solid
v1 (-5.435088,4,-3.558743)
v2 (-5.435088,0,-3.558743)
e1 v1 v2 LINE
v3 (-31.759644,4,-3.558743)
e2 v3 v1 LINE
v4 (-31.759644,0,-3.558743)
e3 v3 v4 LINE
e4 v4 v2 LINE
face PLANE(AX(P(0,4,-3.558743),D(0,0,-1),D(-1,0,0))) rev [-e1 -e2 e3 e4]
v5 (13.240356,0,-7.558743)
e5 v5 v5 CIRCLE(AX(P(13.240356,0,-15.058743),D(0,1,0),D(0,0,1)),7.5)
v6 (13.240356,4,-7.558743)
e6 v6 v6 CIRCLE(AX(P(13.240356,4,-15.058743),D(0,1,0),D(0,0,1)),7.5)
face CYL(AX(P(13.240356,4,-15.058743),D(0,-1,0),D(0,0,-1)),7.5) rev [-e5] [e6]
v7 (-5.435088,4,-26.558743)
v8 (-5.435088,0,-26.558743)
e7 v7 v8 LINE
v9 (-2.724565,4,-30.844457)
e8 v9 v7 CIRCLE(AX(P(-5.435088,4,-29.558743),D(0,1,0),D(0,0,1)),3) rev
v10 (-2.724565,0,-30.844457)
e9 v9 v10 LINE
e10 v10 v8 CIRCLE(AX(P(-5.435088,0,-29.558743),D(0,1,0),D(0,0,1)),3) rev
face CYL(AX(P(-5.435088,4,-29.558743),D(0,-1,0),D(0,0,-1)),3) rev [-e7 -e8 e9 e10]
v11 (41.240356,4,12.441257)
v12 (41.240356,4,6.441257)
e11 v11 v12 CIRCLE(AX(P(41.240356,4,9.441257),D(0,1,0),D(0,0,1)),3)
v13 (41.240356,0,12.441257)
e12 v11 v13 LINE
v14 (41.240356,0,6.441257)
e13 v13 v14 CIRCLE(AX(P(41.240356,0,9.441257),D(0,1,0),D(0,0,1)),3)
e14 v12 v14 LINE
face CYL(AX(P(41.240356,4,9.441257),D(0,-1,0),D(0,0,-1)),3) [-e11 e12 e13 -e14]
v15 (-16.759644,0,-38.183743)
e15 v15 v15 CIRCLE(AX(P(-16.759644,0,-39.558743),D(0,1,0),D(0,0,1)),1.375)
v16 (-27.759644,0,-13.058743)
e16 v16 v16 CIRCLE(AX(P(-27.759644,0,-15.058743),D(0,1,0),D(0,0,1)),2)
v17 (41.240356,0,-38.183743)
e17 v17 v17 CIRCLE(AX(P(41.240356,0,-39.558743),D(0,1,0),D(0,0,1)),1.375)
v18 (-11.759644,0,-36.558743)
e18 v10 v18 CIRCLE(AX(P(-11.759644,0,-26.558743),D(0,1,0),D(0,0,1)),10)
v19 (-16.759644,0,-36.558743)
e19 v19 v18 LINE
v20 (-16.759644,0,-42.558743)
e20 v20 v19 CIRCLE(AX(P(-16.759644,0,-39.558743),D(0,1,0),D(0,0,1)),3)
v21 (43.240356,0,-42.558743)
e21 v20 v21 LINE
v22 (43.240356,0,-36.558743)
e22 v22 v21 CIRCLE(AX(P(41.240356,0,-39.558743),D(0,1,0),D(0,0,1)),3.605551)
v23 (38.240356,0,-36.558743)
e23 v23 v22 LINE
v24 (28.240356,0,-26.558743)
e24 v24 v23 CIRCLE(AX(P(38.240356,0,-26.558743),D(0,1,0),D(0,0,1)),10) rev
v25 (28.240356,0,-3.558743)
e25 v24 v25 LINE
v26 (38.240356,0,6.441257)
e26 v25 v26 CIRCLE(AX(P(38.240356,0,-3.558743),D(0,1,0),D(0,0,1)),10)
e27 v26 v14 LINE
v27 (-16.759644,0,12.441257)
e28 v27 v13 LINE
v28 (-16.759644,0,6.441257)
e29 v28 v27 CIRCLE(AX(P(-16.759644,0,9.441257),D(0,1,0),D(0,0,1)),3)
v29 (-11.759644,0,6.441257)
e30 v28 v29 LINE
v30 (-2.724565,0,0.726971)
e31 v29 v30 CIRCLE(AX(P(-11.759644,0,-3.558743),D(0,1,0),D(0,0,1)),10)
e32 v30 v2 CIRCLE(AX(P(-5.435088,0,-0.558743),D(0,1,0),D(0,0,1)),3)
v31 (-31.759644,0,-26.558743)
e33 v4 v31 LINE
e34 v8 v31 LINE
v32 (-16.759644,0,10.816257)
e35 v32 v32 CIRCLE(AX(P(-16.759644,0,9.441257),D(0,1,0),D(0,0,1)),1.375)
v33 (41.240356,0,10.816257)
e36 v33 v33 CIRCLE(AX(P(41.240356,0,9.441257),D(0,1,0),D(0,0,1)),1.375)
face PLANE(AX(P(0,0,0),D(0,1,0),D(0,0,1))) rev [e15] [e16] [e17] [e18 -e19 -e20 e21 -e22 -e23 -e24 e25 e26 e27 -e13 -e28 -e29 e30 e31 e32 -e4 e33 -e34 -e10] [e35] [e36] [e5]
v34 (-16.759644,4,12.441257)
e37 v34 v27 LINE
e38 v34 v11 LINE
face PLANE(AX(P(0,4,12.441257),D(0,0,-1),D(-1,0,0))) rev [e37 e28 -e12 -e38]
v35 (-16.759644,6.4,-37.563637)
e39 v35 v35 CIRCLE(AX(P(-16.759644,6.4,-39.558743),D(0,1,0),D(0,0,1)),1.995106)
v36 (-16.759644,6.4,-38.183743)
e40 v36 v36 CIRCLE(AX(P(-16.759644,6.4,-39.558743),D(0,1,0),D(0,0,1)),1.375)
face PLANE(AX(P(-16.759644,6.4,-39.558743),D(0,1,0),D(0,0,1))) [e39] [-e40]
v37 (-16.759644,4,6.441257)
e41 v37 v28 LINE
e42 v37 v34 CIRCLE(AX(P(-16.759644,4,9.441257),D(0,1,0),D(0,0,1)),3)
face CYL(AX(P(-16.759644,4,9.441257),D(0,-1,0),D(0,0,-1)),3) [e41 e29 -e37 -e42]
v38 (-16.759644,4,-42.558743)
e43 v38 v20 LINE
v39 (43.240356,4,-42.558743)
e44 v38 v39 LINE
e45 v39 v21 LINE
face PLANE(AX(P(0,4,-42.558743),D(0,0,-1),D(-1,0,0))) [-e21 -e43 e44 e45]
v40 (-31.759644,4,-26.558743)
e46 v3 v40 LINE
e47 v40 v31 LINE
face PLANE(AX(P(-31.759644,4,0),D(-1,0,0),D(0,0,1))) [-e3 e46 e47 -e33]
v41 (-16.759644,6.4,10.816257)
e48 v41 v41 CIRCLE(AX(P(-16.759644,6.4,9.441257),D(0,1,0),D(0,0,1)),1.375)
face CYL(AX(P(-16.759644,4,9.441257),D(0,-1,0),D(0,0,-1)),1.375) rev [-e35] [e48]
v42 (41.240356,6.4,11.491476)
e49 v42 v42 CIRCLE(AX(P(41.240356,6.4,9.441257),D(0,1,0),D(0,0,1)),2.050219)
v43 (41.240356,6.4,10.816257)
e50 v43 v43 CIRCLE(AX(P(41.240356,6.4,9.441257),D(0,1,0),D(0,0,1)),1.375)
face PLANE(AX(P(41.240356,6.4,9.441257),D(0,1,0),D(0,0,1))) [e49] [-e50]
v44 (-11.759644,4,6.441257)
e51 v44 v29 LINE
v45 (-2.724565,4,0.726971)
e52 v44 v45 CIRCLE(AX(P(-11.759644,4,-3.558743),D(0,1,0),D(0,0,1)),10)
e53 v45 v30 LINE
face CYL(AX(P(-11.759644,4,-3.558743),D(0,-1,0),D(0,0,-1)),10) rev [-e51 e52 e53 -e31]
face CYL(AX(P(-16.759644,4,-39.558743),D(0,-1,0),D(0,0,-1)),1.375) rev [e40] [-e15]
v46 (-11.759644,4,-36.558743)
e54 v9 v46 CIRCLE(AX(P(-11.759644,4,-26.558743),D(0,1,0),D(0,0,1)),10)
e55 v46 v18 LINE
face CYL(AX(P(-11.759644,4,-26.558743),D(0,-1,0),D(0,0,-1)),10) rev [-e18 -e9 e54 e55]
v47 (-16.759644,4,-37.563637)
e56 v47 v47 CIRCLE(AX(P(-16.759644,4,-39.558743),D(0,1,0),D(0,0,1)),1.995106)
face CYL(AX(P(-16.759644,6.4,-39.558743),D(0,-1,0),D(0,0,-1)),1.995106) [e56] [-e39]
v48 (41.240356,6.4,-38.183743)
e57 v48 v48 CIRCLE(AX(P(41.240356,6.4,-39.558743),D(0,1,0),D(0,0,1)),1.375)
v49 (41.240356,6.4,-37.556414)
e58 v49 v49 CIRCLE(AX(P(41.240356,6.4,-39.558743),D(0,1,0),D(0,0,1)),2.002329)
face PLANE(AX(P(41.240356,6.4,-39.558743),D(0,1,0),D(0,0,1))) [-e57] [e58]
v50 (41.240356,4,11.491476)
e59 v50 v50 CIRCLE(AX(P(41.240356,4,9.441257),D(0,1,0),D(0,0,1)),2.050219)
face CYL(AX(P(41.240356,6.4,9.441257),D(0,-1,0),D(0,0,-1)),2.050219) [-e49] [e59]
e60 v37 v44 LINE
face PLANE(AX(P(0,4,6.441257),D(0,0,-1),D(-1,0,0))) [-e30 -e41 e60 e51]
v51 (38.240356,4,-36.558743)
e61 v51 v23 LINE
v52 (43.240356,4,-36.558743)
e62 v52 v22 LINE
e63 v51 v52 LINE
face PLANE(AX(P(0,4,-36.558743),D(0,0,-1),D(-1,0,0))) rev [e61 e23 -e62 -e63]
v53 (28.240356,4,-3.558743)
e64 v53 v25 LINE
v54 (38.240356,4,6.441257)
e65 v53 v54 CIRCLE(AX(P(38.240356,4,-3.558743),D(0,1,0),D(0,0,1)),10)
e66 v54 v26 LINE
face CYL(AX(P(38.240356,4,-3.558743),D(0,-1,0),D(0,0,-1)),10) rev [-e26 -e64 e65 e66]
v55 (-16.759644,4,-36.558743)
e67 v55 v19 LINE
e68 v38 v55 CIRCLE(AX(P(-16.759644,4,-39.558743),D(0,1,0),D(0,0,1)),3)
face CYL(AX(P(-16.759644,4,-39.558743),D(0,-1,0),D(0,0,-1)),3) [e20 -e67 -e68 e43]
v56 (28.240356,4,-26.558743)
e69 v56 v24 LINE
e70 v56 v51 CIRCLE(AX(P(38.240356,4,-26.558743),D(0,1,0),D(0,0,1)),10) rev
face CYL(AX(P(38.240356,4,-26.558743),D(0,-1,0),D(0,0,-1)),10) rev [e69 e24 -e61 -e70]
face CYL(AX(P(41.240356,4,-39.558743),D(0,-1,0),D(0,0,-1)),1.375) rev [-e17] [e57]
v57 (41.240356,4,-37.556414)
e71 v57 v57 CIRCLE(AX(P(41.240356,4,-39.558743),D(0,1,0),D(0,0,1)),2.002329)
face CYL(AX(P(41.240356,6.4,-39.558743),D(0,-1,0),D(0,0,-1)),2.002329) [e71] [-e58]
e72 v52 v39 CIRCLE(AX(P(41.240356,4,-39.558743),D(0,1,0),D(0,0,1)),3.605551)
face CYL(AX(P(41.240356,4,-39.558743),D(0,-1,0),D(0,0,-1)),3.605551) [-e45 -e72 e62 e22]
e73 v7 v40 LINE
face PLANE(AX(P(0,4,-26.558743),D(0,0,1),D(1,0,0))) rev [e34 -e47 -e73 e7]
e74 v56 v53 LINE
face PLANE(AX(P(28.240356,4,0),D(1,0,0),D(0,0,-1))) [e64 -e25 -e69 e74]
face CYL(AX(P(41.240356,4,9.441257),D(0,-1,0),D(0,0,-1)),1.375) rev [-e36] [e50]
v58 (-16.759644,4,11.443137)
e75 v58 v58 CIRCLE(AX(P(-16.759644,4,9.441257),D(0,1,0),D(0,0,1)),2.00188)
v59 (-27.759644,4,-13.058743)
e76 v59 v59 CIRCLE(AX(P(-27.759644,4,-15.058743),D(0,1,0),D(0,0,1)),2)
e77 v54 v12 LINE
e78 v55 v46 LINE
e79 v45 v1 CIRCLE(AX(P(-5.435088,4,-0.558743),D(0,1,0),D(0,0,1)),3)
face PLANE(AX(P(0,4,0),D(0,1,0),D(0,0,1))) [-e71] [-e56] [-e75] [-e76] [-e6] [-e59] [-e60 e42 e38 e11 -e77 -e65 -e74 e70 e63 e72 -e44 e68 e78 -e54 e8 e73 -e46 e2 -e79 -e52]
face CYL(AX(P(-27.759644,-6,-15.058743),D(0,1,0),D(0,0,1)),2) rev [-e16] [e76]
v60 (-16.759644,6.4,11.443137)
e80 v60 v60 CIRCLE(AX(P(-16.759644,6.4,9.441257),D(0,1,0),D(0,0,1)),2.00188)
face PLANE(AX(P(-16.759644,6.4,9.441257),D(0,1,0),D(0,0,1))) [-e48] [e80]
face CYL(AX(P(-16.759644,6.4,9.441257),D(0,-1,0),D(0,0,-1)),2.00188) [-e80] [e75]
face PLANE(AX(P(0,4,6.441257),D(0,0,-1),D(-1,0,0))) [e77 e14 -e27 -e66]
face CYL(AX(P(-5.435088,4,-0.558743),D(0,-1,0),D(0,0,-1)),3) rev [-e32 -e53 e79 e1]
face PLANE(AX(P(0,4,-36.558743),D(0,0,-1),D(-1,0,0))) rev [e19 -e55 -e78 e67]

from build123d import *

# Parameters (mm, degrees)
SKETCH2_R           = 1.375
SKETCH2_R_2         = 7.5
BOSS_EXTRUDE1_DEPTH = 4
SKETCH3_R           = 2
CUT_EXTRUDE1_DEPTH  = 10
SKETCH7_R           = 1.995105634
SKETCH7_R_2         = 1.375
SKETCH7_R_3         = 2.001880143
SKETCH7_R_4         = 2.050219115
SKETCH7_R_5         = 2.002328612
BOSS_EXTRUDE2_DEPTH = 2.4


with BuildPart() as part:
    # Sketch2 → Boss-Extrude1 (new body)
    with BuildSketch(Plane(origin=(0, 0, 0), x_dir=(1, 0, 0), z_dir=(0, 1, 0))):
        with BuildLine():
            Line((43.240356283, 42.558742845), (-16.759643717, 42.558742845))
            ThreePointArc((-16.759643717, 42.558742845), (-19.759643717, 39.558742845), (-16.759643717, 36.558742845))
            Line((-16.759643717, 36.558742845), (-11.759643717, 36.558742845))
            ThreePointArc((-11.759643717, 36.558742845), (-6.414418879, 35.010285392), (-2.724564688, 30.84445713))
            ThreePointArc((-2.724564688, 30.84445713), (-2.899625633, 27.955175393), (-5.435088397, 26.558742845))
            Line((-5.435088397, 26.558742845), (-28.759643717, 26.558742845))
            Line((-28.759643717, 26.558742845), (-31.759643717, 26.558742845))
            Line((-31.759643717, 26.558742845), (-31.759643717, 23.558742845))
            Line((-31.759643717, 23.558742845), (-31.759643717, 6.558742845))
            Line((-31.759643717, 6.558742845), (-31.759643717, 3.558742845))
            Line((-31.759643717, 3.558742845), (-28.759643717, 3.558742845))
            Line((-28.759643717, 3.558742845), (-5.435088397, 3.558742845))
            ThreePointArc((-5.435088397, 3.558742845), (-2.899625633, 2.162310296), (-2.724564688, -0.726971441))
            ThreePointArc((-2.724564688, -0.726971441), (-6.414418879, -4.892799703), (-11.759643717, -6.441257155))
            Line((-11.759643717, -6.441257155), (-16.759643717, -6.441257155))
            ThreePointArc((-16.759643717, -6.441257155), (-19.759643717, -9.441257155), (-16.759643717, -12.441257155))
            Line((-16.759643717, -12.441257155), (41.240356283, -12.441257155))
            ThreePointArc((41.240356283, -12.441257155), (44.240356283, -9.441257155), (41.240356283, -6.441257155))
            Line((41.240356283, -6.441257155), (38.240356283, -6.441257155))
            ThreePointArc((38.240356283, -6.441257155), (31.169288471, -3.512324967), (28.240356283, 3.558742845))
            Line((28.240356283, 3.558742845), (28.240356283, 26.558742845))
            ThreePointArc((28.240356283, 26.558742845), (31.169288471, 33.629810657), (38.240356283, 36.558742845))
            Line((38.240356283, 36.558742845), (43.240356283, 36.558742845))
            ThreePointArc((43.240356283, 36.558742845), (44.845907558, 39.558742845), (43.240356283, 42.558742845))
        make_face()
        with Locations((-16.759643717, -9.441257155)):
            Circle(SKETCH2_R, mode=Mode.SUBTRACT)
        with Locations((41.240356283, -9.441257155)):
            Circle(SKETCH2_R, mode=Mode.SUBTRACT)
        with Locations((13.240356283, 15.058742845)):
            Circle(SKETCH2_R_2, mode=Mode.SUBTRACT)
        with Locations((-16.759643717, 39.558742845)):
            Circle(SKETCH2_R, mode=Mode.SUBTRACT)
        with Locations((41.240356283, 39.558742845)):
            Circle(SKETCH2_R, mode=Mode.SUBTRACT)
    extrude(amount=BOSS_EXTRUDE1_DEPTH)

    # Sketch3 → Cut-Extrude1 (cut)
    with BuildSketch(Plane(origin=(0, 4, 0), x_dir=(1, 0, 0), z_dir=(0, 1, 0))):
        with Locations((-27.759643717, 15.058742845)):
            Circle(SKETCH3_R)
    extrude(amount=-CUT_EXTRUDE1_DEPTH, mode=Mode.SUBTRACT)

    # Sketch7 → Boss-Extrude2 (add)
    with BuildSketch(Plane(origin=(0, 4, 0), x_dir=(1, 0, 0), z_dir=(0, 1, 0))):
        with Locations((-16.759643717, 39.558742845)):
            Circle(SKETCH7_R)
        with Locations((-16.759643717, 39.558742845)):
            Circle(SKETCH7_R_2, mode=Mode.SUBTRACT)
        with Locations((-16.759643717, -9.441257155)):
            Circle(SKETCH7_R_3)
        with Locations((-16.759643717, -9.441257155)):
            Circle(SKETCH7_R_2, mode=Mode.SUBTRACT)
        with Locations((41.240356283, -9.441257155)):
            Circle(SKETCH7_R_4)
        with Locations((41.240356283, -9.441257155)):
            Circle(SKETCH7_R_2, mode=Mode.SUBTRACT)
        with Locations((41.240356283, 39.558742845)):
            Circle(SKETCH7_R_5)
        with Locations((41.240356283, 39.558742845)):
            Circle(SKETCH7_R_2, mode=Mode.SUBTRACT)
    extrude(amount=BOSS_EXTRUDE2_DEPTH)


solid = part.part
